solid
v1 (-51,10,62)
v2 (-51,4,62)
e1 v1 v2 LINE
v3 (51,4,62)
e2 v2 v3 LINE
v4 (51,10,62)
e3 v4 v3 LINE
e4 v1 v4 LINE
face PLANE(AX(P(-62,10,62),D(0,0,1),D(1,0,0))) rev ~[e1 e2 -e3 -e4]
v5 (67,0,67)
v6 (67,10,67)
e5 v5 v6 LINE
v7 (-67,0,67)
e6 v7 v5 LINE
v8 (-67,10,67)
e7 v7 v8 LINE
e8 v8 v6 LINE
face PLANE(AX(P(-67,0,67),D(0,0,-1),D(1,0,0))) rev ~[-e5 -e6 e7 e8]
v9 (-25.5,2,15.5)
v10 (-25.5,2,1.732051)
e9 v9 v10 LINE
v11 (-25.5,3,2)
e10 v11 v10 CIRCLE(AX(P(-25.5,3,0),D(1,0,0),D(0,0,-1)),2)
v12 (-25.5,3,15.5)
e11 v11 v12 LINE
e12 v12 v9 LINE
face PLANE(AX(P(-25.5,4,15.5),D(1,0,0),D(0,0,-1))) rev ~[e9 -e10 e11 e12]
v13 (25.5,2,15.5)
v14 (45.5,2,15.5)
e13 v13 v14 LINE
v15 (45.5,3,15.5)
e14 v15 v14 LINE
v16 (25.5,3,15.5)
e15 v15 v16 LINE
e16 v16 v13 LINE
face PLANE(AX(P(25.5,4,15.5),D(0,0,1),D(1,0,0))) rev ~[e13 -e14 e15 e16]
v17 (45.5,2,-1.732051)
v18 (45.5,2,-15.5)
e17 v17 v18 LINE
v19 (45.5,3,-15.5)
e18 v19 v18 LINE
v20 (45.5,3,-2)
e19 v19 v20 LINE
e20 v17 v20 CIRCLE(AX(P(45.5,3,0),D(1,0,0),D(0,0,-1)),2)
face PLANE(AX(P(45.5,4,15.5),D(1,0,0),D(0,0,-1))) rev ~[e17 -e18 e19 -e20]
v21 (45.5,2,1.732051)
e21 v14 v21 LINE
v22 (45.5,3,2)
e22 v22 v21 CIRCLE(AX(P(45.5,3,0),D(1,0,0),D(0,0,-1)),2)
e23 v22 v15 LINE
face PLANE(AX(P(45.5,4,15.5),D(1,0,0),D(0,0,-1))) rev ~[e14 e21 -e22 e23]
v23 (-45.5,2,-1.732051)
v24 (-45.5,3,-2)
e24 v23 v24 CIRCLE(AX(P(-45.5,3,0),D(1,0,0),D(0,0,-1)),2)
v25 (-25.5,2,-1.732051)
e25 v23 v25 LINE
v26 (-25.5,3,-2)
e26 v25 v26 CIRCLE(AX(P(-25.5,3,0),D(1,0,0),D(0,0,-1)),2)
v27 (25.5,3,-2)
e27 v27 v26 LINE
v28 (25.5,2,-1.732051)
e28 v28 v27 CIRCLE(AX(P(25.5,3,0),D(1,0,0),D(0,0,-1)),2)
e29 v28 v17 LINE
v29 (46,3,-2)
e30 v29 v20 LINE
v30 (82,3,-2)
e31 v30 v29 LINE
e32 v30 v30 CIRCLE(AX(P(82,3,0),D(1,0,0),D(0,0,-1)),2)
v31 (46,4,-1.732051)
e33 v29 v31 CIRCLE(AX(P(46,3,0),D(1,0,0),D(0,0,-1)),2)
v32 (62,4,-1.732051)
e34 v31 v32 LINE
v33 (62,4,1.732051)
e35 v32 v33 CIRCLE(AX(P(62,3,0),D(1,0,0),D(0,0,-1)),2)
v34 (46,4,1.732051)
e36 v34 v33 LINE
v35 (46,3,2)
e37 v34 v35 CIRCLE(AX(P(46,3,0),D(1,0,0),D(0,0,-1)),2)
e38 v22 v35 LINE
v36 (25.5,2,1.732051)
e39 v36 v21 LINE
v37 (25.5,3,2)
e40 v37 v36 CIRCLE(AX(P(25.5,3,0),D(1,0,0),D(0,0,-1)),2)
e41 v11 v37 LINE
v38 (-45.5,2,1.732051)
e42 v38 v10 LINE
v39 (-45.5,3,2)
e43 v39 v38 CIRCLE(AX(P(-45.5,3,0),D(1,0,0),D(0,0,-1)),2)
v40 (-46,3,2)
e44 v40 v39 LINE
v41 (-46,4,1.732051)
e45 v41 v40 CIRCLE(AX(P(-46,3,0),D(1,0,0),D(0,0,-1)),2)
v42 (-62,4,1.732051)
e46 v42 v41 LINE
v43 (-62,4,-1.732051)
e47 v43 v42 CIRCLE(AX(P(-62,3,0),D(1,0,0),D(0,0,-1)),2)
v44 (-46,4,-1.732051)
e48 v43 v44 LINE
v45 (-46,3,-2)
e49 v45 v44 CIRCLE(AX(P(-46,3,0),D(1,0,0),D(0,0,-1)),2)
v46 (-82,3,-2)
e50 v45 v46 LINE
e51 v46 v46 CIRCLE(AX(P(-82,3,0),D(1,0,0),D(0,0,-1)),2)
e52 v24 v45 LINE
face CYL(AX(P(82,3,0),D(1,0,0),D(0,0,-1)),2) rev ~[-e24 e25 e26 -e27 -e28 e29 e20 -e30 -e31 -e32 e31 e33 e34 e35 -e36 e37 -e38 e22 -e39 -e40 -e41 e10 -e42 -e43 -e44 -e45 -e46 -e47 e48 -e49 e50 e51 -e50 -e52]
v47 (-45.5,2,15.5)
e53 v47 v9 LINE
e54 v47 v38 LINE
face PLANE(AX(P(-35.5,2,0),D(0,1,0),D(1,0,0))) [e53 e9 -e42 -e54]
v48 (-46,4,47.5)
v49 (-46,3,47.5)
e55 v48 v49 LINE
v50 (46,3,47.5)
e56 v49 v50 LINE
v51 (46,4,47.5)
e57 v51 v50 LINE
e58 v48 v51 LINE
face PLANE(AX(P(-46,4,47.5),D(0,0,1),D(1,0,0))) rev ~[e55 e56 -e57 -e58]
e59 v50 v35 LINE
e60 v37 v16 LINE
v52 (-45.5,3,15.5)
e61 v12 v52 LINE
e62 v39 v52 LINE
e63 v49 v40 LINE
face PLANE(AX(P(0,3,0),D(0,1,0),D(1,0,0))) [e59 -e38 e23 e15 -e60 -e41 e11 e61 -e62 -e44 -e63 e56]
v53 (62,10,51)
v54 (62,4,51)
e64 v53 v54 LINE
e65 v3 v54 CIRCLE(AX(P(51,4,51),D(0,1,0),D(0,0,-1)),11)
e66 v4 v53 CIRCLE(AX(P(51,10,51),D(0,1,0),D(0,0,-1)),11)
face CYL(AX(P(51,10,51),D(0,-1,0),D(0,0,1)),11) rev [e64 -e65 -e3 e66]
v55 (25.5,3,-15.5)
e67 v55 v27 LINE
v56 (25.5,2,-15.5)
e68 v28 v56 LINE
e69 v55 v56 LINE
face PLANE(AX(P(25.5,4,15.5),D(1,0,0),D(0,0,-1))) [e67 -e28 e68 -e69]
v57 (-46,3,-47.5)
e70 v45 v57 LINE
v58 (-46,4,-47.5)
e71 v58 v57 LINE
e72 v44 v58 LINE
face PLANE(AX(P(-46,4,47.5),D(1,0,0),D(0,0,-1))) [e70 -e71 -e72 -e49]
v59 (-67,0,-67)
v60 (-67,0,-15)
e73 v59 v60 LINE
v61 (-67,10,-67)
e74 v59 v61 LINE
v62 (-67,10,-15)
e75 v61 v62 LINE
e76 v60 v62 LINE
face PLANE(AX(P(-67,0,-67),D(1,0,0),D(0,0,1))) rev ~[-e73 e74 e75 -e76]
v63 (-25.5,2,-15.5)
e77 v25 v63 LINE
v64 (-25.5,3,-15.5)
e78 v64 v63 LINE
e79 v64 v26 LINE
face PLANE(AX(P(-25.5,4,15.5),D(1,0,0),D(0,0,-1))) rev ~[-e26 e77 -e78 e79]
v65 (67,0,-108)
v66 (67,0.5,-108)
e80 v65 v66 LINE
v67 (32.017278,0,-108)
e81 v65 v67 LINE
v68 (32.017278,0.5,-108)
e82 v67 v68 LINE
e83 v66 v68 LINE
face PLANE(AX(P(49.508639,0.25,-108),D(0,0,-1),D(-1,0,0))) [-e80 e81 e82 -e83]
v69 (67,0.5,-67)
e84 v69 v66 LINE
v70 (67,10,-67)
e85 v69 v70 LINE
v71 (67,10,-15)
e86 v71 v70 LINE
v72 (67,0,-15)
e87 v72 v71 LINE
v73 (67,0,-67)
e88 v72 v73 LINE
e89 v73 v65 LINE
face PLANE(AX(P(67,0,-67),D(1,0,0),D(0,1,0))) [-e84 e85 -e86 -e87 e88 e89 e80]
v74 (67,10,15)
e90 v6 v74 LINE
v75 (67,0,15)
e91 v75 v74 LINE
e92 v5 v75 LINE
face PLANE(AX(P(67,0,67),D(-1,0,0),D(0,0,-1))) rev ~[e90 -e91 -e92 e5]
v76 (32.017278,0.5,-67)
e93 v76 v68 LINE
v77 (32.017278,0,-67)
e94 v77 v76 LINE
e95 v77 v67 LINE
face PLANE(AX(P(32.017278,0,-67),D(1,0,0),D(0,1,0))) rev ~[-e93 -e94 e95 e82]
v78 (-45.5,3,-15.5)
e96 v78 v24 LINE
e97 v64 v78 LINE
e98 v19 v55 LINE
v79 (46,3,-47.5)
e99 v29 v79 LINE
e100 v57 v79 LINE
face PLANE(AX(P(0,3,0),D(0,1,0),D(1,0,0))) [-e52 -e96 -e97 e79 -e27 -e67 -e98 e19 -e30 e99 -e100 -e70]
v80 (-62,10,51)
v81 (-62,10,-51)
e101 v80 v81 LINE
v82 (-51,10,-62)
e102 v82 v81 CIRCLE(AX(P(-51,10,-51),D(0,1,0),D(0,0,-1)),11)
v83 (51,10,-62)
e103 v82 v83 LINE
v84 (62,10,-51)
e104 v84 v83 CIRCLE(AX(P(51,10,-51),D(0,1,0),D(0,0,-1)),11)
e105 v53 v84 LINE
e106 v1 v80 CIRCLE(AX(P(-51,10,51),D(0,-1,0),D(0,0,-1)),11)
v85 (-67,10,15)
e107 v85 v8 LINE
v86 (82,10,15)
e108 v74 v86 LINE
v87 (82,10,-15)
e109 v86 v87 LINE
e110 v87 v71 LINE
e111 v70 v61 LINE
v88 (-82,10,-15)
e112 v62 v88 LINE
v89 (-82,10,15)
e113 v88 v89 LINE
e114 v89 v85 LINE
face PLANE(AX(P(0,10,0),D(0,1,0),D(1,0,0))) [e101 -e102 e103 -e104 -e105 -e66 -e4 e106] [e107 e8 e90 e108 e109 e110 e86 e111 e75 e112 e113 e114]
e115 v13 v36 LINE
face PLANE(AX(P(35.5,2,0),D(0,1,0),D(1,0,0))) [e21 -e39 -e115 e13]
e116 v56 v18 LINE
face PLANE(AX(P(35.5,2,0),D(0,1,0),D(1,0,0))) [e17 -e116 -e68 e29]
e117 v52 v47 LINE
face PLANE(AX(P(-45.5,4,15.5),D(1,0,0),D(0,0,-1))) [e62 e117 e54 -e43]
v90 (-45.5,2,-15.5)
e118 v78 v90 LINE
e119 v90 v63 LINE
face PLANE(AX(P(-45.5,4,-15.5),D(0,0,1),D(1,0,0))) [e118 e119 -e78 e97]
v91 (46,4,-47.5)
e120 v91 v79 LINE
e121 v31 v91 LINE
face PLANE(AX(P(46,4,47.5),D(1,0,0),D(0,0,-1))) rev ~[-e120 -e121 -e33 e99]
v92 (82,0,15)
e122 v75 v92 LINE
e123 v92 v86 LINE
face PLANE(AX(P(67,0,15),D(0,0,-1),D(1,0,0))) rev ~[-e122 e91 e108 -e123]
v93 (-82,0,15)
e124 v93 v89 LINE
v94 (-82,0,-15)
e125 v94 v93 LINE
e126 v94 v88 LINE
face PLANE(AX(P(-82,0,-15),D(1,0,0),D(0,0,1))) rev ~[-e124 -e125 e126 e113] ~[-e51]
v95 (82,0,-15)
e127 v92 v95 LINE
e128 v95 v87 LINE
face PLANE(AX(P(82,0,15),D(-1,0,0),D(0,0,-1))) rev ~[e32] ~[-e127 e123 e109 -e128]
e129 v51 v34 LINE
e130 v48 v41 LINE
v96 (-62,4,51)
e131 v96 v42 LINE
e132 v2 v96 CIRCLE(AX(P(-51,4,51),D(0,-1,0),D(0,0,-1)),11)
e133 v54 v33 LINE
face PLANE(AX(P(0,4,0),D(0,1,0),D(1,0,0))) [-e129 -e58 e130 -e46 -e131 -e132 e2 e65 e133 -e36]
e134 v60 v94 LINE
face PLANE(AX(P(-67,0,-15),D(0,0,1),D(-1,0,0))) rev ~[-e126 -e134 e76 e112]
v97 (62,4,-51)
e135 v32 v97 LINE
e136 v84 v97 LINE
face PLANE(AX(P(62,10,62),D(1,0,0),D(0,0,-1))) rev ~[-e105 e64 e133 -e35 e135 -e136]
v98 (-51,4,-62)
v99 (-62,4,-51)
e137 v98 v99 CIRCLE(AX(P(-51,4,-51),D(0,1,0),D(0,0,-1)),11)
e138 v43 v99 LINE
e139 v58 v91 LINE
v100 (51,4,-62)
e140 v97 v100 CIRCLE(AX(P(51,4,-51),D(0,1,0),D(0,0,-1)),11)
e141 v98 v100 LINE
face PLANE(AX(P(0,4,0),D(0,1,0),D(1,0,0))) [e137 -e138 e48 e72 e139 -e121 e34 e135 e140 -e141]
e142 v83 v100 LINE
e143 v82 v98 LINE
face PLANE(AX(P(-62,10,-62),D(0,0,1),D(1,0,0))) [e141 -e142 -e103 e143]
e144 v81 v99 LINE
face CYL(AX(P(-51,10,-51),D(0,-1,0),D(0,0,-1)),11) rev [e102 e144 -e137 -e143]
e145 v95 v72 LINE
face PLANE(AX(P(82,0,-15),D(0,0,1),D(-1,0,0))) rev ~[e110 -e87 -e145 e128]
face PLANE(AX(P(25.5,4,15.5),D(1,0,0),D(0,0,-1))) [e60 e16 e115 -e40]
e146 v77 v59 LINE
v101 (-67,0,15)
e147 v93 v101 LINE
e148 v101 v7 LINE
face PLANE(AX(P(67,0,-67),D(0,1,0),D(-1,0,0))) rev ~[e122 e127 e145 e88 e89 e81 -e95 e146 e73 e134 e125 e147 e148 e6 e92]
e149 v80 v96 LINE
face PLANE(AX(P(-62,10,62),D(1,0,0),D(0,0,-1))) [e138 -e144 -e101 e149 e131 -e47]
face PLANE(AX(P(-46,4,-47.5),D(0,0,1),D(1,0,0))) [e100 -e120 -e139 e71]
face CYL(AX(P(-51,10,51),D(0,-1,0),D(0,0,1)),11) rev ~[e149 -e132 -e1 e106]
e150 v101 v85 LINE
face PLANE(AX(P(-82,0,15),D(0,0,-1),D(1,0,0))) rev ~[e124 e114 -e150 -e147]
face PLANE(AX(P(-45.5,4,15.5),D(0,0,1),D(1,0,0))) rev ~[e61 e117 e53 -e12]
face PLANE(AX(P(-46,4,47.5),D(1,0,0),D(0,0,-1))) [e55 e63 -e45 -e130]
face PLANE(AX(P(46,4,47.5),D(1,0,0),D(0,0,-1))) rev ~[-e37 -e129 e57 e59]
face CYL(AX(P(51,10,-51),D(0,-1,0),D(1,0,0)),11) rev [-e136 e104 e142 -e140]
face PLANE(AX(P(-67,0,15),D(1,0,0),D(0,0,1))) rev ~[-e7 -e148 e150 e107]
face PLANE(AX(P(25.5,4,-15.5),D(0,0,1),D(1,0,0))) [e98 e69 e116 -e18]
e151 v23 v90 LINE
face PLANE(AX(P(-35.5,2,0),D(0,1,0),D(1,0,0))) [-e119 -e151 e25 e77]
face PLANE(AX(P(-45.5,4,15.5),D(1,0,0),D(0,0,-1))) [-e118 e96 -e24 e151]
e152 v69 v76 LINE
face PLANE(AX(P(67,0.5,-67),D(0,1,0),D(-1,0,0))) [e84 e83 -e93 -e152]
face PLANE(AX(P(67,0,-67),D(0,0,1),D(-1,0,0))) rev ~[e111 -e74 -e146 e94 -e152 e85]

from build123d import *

# Parameters (mm, degrees)
BOSS_EXTRUDE1_DEPTH = 10
SKETCH9_R           = 2
CUT_EXTRUDE14_DEPTH = 181
SKETCH2_W           = 124
SKETCH2_H           = 124
CUT_EXTRUDE15_DEPTH = 6
SKETCH10_W          = 20
SKETCH10_H          = 31
CUT_EXTRUDE17_DEPTH = 2
SKETCH11_W          = 92
SKETCH11_H          = 95
CUT_EXTRUDE18_DEPTH = 1
FILLET3_R           = 11
SKETCH13_W          = 34.982721691
SKETCH13_H          = 0.5
BOSS_EXTRUDE3_DEPTH = 41


with BuildPart() as part:
    # Sketch1 → Boss-Extrude1 (new body)
    with BuildSketch(Plane(origin=(0, 0, 0), x_dir=(1, 0, 0), z_dir=(0, 1, 0))):
        Polygon((-67, -15), (-67, -67), (67, -67), (67, -15), (82, -15), (82, 15), (67, 15), (67, 67), (-67, 67), (-67, 15), (-82, 15), (-82, -15), align=None)
    extrude(amount=BOSS_EXTRUDE1_DEPTH)

    # Sketch9 → Cut-Extrude14 (cut)
    with BuildSketch(Plane(origin=(82, 0, 0), x_dir=(0, 0, -1), z_dir=(1, 0, 0))):
        with Locations((0, 3)):
            Circle(SKETCH9_R)
    extrude(amount=-CUT_EXTRUDE14_DEPTH, mode=Mode.SUBTRACT)

    # Sketch2 → Cut-Extrude15 (cut)
    with BuildSketch(Plane(origin=(0, 10, 0), x_dir=(1, 0, 0), z_dir=(0, 1, 0))):
        Rectangle(SKETCH2_W, SKETCH2_H)
    extrude(amount=-CUT_EXTRUDE15_DEPTH, mode=Mode.SUBTRACT)

    # Sketch10 → Cut-Extrude17 (cut)
    with BuildSketch(Plane(origin=(0, 4, 0), x_dir=(1, 0, 0), z_dir=(0, 1, 0))):
        with Locations((35.5, 0)):
            Rectangle(SKETCH10_W, SKETCH10_H)
        with Locations((-35.5, 0)):
            Rectangle(SKETCH10_W, SKETCH10_H)
    extrude(amount=-CUT_EXTRUDE17_DEPTH, mode=Mode.SUBTRACT)

    # Sketch11 → Cut-Extrude18 (cut)
    with BuildSketch(Plane(origin=(0, 4, 0), x_dir=(1, 0, 0), z_dir=(0, 1, 0))):
        Rectangle(SKETCH11_W, SKETCH11_H)
    extrude(amount=-CUT_EXTRUDE18_DEPTH, mode=Mode.SUBTRACT)

    # Fillet3
    fillet3_edges = [part.edges().sort_by_distance(p)[0] for p in [
        (62, 7, -62),
        (-62, 7, 62),
        (62, 7, 62),
        (-62, 7, -62),
    ]]
    fillet(fillet3_edges, radius=FILLET3_R)

    # Sketch13 → Boss-Extrude3 (add)
    with BuildSketch(Plane(origin=(0, 0, -67), x_dir=(-1, 0, 0), z_dir=(0, 0, -1))):
        with Locations((-49.508639155, 0.25)):
            Rectangle(SKETCH13_W, SKETCH13_H)
    extrude(amount=BOSS_EXTRUDE3_DEPTH)


solid = part.part
